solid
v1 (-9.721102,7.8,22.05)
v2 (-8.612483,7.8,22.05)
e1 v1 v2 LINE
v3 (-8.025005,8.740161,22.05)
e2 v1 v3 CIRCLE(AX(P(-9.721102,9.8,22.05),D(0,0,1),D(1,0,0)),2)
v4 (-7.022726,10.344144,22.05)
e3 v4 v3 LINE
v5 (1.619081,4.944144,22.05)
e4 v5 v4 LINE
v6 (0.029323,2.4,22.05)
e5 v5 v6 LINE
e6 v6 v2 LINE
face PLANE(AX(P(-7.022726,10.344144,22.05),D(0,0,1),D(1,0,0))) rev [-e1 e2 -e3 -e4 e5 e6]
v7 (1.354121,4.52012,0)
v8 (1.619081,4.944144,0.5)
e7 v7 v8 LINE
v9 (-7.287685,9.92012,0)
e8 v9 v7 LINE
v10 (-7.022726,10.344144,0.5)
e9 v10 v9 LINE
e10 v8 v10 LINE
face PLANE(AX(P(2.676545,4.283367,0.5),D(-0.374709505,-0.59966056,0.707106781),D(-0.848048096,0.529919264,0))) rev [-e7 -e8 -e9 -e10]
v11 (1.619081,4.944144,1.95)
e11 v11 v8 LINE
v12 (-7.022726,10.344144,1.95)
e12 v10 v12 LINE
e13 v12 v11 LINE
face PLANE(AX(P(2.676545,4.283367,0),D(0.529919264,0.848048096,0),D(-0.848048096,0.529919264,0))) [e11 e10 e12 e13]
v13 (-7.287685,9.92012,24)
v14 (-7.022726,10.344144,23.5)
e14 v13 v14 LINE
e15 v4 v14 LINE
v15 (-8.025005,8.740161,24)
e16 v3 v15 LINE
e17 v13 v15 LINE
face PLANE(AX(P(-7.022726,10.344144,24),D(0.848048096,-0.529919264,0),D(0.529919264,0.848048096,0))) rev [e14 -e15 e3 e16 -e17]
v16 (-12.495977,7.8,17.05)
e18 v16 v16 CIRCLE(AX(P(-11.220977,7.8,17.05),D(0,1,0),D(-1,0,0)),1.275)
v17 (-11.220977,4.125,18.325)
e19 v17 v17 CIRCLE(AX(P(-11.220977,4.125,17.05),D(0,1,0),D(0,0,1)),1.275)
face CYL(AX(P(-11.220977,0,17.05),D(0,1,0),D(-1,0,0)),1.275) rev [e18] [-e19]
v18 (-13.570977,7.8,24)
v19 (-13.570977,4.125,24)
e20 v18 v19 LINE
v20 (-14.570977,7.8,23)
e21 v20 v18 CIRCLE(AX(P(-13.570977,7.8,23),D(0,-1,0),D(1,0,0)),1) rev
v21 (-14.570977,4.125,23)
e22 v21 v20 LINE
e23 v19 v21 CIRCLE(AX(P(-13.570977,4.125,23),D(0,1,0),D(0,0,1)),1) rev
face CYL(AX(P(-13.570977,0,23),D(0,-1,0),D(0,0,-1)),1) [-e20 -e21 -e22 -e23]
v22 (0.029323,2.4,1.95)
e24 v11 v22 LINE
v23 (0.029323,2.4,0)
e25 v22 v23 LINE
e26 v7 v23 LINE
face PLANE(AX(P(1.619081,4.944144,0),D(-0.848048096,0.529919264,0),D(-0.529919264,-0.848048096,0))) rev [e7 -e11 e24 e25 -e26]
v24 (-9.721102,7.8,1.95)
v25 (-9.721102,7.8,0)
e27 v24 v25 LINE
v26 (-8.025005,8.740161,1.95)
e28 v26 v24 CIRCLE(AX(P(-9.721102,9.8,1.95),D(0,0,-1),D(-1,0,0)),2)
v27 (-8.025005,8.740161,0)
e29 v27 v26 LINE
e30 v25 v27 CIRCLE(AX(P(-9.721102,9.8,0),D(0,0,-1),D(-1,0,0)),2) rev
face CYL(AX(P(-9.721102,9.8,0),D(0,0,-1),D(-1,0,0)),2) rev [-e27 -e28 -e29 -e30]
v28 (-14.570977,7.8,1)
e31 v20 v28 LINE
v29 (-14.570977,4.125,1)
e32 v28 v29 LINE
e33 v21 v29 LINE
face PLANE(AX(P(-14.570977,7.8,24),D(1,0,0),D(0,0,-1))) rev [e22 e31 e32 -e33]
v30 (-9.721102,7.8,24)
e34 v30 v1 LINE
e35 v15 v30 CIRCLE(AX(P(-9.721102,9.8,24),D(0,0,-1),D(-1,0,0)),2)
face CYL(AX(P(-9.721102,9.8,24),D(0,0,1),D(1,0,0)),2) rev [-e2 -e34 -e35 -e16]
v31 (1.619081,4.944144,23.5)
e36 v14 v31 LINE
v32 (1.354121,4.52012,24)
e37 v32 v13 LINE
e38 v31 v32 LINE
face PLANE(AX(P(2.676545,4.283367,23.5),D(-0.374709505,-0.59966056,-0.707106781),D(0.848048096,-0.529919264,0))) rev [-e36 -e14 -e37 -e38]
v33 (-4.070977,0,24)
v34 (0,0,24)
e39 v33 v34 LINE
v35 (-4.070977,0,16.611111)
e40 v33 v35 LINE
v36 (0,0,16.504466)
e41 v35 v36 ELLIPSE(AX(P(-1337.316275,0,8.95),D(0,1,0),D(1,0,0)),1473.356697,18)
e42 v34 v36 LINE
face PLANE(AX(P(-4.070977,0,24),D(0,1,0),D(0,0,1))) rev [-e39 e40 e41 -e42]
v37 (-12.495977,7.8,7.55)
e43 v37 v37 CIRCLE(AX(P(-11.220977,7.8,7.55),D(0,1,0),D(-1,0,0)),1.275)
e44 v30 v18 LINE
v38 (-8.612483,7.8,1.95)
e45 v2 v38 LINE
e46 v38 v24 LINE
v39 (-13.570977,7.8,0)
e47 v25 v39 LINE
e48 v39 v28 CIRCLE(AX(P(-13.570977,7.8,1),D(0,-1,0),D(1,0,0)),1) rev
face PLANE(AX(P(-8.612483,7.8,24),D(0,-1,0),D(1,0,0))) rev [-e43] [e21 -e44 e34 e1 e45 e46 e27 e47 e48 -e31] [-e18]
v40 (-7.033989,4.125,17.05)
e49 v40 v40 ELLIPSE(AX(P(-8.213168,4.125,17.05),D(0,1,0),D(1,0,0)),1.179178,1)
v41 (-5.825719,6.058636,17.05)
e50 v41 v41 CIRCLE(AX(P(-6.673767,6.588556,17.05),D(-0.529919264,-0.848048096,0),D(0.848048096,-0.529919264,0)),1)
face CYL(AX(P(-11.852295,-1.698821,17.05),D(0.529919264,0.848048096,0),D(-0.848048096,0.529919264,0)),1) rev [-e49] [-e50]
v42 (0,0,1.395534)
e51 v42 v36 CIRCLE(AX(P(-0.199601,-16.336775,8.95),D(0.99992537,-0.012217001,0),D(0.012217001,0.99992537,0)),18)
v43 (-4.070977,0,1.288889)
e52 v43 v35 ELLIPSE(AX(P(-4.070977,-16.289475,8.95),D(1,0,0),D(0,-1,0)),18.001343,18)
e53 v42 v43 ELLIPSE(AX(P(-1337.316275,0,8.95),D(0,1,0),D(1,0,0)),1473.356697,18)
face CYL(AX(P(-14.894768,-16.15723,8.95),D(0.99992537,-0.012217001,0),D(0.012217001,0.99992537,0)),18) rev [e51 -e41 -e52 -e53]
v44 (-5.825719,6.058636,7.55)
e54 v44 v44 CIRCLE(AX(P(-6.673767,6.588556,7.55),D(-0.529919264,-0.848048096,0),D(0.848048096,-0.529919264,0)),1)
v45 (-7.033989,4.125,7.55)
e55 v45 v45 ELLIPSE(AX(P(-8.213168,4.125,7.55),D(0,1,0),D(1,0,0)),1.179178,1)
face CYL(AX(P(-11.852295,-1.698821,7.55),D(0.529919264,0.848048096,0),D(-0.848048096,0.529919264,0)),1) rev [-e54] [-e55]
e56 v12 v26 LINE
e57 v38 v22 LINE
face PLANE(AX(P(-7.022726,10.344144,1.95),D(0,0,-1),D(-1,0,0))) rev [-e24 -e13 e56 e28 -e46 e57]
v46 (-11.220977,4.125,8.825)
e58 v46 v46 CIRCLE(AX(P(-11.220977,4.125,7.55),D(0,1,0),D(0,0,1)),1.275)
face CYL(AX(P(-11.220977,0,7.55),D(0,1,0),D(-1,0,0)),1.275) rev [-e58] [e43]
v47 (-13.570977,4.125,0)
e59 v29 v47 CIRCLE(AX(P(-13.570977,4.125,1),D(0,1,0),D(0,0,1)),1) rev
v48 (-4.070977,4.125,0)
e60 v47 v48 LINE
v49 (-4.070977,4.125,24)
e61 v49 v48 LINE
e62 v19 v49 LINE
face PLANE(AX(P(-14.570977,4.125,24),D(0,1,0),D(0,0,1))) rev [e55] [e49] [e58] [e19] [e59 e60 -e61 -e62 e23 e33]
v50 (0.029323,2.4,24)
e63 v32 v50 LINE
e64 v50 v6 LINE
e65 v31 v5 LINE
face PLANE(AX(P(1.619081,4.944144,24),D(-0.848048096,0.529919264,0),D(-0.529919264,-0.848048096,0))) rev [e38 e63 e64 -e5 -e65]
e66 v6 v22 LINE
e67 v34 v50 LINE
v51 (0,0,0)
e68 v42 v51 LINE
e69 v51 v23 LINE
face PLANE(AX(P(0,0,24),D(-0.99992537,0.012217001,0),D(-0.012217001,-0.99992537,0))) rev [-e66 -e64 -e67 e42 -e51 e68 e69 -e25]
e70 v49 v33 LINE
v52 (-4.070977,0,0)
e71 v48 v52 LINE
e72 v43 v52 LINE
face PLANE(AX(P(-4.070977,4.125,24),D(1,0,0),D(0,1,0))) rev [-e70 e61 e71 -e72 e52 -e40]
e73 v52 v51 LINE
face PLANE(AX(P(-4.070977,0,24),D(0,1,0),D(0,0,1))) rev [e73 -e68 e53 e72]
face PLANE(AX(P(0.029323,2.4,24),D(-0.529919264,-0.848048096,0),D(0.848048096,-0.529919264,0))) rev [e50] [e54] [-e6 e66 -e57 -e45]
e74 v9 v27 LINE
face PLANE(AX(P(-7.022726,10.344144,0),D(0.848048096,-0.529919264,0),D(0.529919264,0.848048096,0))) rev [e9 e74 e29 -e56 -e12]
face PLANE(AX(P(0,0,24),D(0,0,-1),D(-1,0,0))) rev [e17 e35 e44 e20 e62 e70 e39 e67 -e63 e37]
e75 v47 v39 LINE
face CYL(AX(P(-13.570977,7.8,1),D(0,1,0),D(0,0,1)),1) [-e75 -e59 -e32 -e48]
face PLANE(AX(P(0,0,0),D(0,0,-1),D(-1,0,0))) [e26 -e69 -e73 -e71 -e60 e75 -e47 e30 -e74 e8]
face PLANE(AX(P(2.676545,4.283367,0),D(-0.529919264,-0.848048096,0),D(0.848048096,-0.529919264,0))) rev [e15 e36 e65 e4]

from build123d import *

# Parameters (mm, degrees)
BOSS_EXTRUDE1_DEPTH = 24
SKETCH3_W           = 10.19023154
SKETCH3_H           = 1.95
BOSS_EXTRUDE2_DEPTH = 3
SKETCH5_R           = 18
CUT_EXTRUDE1_DEPTH  = 30.921809562
CHAMFER1_SIZE       = 0.5
FILLET1_R           = 1
SKETCH6_R           = 1.275
CUT_EXTRUDE2_DEPTH  = 30.14023621
SKETCH7_R           = 1
CUT_EXTRUDE3_DEPTH  = 31.169687207
FILLET2_R           = 2


with BuildPart() as part:
    # Sketch2 → Boss-Extrude1 (new body)
    with BuildSketch(Plane.XY):
        Polygon((-14.57097685, 4.125), (-4.07097685, 4.125), (-4.07097685, 0), (0, 0), (0.02932299, 2.4), (-8.612483466, 7.8), (-14.57097685, 7.8), align=None)
    extrude(amount=BOSS_EXTRUDE1_DEPTH)

    # Sketch3 → Boss-Extrude2 (add)
    with BuildSketch(Plane(origin=(1.086787174, 1.739223041, 0), x_dir=(0.8480480961564272, -0.5299192642332031, 0), z_dir=(0.5299192642332031, 0.8480480961564273, 0))):
        with Locations((-6.342054698, -0.975)):
            Rectangle(SKETCH3_W, SKETCH3_H)
        with Locations((-6.342054698, -23.025)):
            Rectangle(SKETCH3_W, SKETCH3_H)
    extrude(amount=BOSS_EXTRUDE2_DEPTH)

    # Sketch5 → Cut-Extrude1 (cut, through all)
    with BuildSketch(Plane(origin=(0, 0, 0), x_dir=(0, 0, -1), z_dir=(0.9999253696604522, -0.012217000835240004, 0))):
        with Locations((-8.95, -16.33799405)):
            Circle(SKETCH5_R)
    extrude(amount=-CUT_EXTRUDE1_DEPTH, mode=Mode.SUBTRACT)

    # Chamfer1
    chamfer1_edges = [part.edges().sort_by_distance(p)[0] for p in [
        (-2.701822445, 7.644144288, 0),
        (-2.701822445, 7.644144288, 24),
    ]]
    chamfer(chamfer1_edges, length=CHAMFER1_SIZE)

    # Fillet1
    fillet1_edges = [part.edges().sort_by_distance(p)[0] for p in [
        (-14.57097685, 5.9625, 24),
        (-14.57097685, 5.9625, 0),
    ]]
    fillet(fillet1_edges, radius=FILLET1_R)

    # Sketch6 → Cut-Extrude2 (cut, through all)
    with BuildSketch(Plane(origin=(0, 7.8, 0), x_dir=(1, 0, 0), z_dir=(0, 1, 0))):
        with Locations(Location((-11.22097685, -17.05, 0), (0, 0, 180))):
            Circle(SKETCH6_R)
        with Locations(Location((-11.22097685, -7.55, 0), (0, 0, 180))):
            Circle(SKETCH6_R)
    extrude(amount=-CUT_EXTRUDE2_DEPTH, mode=Mode.SUBTRACT)

    # Sketch7 → Cut-Extrude3 (cut, through all)
    with BuildSketch(Plane(origin=(2.676544967, 4.283367329, 0), x_dir=(0.8480480961564271, -0.5299192642332031, 0), z_dir=(0.5299192642332031, 0.8480480961564271, 0))):
        with Locations((-9.151078225, -17.05)):
            Circle(SKETCH7_R)
        with Locations((-9.151078225, -7.55)):
            Circle(SKETCH7_R)
    extrude(amount=-CUT_EXTRUDE3_DEPTH, mode=Mode.SUBTRACT)

    # Fillet2
    fillet2_edges = [part.edges().sort_by_distance(p)[0] for p in [
        (-8.612483466, 7.8, 23.025),
        (-8.612483466, 7.8, 0.975),
    ]]
    fillet(fillet2_edges, radius=FILLET2_R)


solid = part.part
